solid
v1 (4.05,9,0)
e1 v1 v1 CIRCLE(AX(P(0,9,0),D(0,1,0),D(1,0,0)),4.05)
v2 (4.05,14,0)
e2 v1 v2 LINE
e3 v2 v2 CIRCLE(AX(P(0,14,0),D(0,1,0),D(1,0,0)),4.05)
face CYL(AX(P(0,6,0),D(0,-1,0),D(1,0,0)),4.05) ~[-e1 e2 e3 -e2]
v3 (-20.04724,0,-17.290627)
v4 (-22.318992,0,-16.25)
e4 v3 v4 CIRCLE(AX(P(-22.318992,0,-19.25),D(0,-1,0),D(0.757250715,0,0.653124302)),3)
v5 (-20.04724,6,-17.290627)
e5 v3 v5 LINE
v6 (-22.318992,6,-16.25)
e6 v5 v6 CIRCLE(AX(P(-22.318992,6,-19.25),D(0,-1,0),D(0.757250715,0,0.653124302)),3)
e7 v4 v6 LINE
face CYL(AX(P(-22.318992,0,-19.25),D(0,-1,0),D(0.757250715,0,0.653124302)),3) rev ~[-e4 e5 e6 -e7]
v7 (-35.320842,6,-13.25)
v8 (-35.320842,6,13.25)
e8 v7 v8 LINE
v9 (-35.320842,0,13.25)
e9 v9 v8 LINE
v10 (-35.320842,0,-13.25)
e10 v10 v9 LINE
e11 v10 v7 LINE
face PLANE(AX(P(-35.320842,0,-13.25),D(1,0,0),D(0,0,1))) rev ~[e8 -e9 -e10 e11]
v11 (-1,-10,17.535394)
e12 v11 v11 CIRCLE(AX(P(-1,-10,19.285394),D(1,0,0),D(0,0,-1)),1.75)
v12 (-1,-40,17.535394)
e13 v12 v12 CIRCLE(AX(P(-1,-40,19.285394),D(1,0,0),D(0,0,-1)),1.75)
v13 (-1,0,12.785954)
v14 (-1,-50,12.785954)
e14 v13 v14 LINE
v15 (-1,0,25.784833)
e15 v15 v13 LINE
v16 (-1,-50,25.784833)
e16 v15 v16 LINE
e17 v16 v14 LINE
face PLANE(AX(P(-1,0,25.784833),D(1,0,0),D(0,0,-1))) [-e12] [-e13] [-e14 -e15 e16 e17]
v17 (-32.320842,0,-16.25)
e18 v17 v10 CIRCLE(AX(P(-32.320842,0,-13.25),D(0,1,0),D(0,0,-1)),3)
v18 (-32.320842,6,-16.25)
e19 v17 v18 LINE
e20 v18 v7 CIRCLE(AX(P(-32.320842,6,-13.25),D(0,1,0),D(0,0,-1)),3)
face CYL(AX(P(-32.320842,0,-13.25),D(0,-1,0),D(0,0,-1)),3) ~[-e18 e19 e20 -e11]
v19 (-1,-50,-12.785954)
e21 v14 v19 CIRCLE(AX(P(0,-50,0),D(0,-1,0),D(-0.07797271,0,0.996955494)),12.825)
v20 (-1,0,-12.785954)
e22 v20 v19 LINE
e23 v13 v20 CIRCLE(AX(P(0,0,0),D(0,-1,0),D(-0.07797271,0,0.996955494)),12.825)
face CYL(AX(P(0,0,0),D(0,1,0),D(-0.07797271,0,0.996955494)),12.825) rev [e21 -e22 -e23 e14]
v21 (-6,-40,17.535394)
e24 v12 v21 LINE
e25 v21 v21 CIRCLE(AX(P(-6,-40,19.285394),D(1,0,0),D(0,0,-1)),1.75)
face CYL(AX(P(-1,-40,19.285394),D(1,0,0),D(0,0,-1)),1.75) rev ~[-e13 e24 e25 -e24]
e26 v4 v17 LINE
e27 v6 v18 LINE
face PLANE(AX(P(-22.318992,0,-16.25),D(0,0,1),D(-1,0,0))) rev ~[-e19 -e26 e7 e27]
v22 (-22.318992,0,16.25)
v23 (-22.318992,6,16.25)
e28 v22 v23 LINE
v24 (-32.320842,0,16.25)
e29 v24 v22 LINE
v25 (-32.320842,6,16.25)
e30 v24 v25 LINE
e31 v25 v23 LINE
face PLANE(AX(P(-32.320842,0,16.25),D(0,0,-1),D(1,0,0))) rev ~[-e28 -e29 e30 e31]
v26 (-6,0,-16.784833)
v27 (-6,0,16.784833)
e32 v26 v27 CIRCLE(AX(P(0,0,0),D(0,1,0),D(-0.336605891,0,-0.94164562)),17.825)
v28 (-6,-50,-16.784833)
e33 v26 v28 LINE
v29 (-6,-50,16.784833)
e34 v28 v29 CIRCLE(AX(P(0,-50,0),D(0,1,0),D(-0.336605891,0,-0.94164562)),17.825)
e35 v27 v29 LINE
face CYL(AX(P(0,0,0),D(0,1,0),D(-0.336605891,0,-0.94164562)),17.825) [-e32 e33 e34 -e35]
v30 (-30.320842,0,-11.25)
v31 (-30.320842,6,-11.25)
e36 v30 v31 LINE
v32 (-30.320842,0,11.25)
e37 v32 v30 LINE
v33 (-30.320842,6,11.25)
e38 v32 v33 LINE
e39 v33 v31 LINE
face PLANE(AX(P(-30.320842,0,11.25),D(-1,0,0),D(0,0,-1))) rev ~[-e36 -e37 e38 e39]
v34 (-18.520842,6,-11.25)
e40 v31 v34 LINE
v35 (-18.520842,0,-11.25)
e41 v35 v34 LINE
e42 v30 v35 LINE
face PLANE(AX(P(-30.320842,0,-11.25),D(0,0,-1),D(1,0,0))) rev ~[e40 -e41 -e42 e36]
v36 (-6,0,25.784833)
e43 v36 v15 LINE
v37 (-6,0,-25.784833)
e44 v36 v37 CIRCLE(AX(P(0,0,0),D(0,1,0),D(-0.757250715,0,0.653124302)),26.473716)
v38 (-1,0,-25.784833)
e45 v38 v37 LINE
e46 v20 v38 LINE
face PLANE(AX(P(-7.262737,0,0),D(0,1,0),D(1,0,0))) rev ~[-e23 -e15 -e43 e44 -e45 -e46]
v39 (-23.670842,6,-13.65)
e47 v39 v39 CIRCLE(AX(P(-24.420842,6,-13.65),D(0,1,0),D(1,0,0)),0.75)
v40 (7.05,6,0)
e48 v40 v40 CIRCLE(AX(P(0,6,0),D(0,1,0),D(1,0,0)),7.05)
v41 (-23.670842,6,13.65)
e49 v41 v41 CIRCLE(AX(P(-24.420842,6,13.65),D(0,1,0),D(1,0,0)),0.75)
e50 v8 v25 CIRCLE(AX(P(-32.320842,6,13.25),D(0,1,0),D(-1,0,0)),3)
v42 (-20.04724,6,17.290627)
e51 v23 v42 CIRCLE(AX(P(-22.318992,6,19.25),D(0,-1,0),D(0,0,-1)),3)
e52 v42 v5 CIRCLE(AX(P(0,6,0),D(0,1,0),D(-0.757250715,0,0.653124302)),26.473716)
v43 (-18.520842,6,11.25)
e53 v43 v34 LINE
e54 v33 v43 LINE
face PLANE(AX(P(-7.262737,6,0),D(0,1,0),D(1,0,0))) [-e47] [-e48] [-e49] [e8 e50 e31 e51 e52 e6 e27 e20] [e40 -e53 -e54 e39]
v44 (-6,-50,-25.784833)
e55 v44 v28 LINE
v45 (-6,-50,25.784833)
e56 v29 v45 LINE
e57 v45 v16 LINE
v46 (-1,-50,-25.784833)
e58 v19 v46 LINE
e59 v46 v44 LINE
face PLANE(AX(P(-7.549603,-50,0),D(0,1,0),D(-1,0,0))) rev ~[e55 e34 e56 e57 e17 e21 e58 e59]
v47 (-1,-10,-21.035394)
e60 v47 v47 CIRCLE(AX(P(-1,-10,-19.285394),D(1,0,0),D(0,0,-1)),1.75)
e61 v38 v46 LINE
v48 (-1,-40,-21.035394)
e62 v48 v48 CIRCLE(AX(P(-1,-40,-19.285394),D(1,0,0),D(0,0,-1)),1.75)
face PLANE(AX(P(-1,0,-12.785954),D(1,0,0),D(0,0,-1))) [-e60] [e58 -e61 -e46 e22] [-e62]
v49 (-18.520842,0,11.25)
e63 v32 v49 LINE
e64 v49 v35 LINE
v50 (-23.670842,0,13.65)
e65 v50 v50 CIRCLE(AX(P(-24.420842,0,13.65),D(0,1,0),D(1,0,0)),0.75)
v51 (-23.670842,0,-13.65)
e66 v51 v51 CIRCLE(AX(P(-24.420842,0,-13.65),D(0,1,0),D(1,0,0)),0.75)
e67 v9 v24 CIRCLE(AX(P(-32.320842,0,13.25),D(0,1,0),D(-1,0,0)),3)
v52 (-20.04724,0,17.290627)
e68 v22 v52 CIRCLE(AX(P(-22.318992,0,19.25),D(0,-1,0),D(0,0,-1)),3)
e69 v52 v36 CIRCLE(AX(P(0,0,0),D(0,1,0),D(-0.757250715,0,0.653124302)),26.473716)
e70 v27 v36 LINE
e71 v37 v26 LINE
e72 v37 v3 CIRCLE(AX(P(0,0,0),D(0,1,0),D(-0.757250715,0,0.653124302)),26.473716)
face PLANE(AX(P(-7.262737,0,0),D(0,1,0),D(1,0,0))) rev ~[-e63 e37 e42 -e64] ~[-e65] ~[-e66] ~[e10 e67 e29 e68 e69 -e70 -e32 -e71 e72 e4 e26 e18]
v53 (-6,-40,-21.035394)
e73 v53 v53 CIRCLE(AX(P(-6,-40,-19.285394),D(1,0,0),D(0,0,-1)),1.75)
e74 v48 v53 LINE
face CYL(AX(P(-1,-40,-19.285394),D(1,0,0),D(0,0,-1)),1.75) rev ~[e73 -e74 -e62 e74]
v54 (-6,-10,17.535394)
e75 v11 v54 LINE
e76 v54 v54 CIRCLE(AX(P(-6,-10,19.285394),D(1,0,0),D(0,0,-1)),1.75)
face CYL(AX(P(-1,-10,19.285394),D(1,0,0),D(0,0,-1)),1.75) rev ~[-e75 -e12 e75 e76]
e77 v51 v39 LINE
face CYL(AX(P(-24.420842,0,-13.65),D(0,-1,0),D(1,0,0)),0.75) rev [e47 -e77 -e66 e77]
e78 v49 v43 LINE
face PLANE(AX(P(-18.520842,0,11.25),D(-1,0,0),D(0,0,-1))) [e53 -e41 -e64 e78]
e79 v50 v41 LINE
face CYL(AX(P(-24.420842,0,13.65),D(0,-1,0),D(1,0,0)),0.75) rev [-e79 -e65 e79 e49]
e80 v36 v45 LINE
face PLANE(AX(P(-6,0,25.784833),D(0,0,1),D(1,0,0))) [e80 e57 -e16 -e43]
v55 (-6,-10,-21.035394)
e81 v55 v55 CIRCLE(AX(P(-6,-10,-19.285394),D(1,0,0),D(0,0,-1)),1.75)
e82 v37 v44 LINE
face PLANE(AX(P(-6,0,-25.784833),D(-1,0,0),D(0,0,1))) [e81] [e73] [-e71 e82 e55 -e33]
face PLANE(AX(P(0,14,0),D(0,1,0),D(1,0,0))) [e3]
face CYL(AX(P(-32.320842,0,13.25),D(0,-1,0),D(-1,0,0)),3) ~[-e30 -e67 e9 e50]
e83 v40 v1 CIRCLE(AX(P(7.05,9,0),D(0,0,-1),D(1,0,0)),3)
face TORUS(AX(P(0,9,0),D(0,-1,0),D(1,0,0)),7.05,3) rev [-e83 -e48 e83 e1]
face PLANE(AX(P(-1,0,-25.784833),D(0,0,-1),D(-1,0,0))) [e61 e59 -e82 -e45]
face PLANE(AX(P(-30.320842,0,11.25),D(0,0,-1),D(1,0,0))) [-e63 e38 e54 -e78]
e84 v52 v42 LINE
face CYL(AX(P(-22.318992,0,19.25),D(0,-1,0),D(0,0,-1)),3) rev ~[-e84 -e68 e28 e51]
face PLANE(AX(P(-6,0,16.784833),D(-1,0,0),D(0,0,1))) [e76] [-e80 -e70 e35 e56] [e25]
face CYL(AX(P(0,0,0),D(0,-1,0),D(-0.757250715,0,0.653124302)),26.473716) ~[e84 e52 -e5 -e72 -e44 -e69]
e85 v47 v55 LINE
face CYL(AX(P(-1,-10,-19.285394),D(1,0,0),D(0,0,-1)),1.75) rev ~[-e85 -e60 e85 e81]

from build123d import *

# Parameters (mm, degrees)
BOSS_EXTRUDE4_DEPTH = 50
SKETCH7_R           = 1.75
CUT_EXTRUDE1_DEPTH  = 17.825
SKETCH8_R           = 0.75
SKETCH8_W           = 11.8
SKETCH8_H           = 22.5
BOSS_EXTRUDE5_DEPTH = 6
SKETCH9_R           = 4.05
BOSS_EXTRUDE6_DEPTH = 8
FILLET1_R           = 3


with BuildPart() as part:
    # Sketch6 → Boss-Extrude4 (new body)
    with BuildSketch(Plane.XZ):
        with BuildLine():
            Line((-1, 25.784833184), (-1, 12.785954208))
            ThreePointArc((-1, 12.785954208), (-12.825, 0), (-1, -12.785954208))
            Line((-1, -12.785954208), (-1, -25.784833184))
            Line((-1, -25.784833184), (-6, -25.784833184))
            Line((-6, -25.784833184), (-6, -16.784833184))
            ThreePointArc((-6, -16.784833184), (-17.825, 0), (-6, 16.784833184))
            Line((-6, 16.784833184), (-6, 25.784833184))
            Line((-6, 25.784833184), (-1, 25.784833184))
        make_face()
    extrude(amount=BOSS_EXTRUDE4_DEPTH)

    # Sketch7 → Cut-Extrude1 (cut, through all)
    with BuildSketch(Plane(origin=(-1, 0, 0), x_dir=(0, 0, -1), z_dir=(1, 0, 0))):
        with Locations((-19.285393696, -10)):
            Circle(SKETCH7_R)
        with Locations((-19.285393696, -40)):
            Circle(SKETCH7_R)
        with Locations((19.285393696, -40)):
            Circle(SKETCH7_R)
        with Locations((19.285393696, -10)):
            Circle(SKETCH7_R)
    extrude(amount=-CUT_EXTRUDE1_DEPTH, mode=Mode.SUBTRACT)

    # Sketch8 → Boss-Extrude5 (add)
    with BuildSketch(Plane(origin=(0, 0, 0), x_dir=(1, 0, 0), z_dir=(0, 1, 0))):
        with BuildLine():
            Line((-32.320841509, -16.25), (-22.318992281, -16.25))
            ThreePointArc((-22.318992281, -16.25), (-21.069616181, -16.522536094), (-20.047240136, -17.290627093))
            ThreePointArc((-20.047240136, -17.290627093), (26.473715688, 0), (-20.047240136, 17.290627093))
            ThreePointArc((-20.047240136, 17.290627093), (-21.069616181, 16.522536094), (-22.318992281, 16.25))
            Line((-22.318992281, 16.25), (-32.320841509, 16.25))
            ThreePointArc((-32.320841509, 16.25), (-34.442161852, 15.371320344), (-35.320841509, 13.25))
            Line((-35.320841509, 13.25), (-35.320841509, -13.25))
            ThreePointArc((-35.320841509, -13.25), (-34.442161852, -15.371320344), (-32.320841509, -16.25))
        make_face()
        with Locations((-24.420841509, 13.65)):
            Circle(SKETCH8_R, mode=Mode.SUBTRACT)
        with Locations((-24.420841509, -13.65)):
            Circle(SKETCH8_R, mode=Mode.SUBTRACT)
        with Locations((-24.420841509, 0)):
            Rectangle(SKETCH8_W, SKETCH8_H, mode=Mode.SUBTRACT)
    extrude(amount=BOSS_EXTRUDE5_DEPTH)

    # Sketch9 → Boss-Extrude6 (add)
    with BuildSketch(Plane(origin=(0, 6, 0), x_dir=(1, 0, 0), z_dir=(0, 1, 0))):
        Circle(SKETCH9_R)
    extrude(amount=BOSS_EXTRUDE6_DEPTH)

    # Fillet1
    fillet1_edges = [part.edges().sort_by_distance(p)[0] for p in [
        (-4.05, 6, 0),
    ]]
    fillet(fillet1_edges, radius=FILLET1_R)


solid = part.part
